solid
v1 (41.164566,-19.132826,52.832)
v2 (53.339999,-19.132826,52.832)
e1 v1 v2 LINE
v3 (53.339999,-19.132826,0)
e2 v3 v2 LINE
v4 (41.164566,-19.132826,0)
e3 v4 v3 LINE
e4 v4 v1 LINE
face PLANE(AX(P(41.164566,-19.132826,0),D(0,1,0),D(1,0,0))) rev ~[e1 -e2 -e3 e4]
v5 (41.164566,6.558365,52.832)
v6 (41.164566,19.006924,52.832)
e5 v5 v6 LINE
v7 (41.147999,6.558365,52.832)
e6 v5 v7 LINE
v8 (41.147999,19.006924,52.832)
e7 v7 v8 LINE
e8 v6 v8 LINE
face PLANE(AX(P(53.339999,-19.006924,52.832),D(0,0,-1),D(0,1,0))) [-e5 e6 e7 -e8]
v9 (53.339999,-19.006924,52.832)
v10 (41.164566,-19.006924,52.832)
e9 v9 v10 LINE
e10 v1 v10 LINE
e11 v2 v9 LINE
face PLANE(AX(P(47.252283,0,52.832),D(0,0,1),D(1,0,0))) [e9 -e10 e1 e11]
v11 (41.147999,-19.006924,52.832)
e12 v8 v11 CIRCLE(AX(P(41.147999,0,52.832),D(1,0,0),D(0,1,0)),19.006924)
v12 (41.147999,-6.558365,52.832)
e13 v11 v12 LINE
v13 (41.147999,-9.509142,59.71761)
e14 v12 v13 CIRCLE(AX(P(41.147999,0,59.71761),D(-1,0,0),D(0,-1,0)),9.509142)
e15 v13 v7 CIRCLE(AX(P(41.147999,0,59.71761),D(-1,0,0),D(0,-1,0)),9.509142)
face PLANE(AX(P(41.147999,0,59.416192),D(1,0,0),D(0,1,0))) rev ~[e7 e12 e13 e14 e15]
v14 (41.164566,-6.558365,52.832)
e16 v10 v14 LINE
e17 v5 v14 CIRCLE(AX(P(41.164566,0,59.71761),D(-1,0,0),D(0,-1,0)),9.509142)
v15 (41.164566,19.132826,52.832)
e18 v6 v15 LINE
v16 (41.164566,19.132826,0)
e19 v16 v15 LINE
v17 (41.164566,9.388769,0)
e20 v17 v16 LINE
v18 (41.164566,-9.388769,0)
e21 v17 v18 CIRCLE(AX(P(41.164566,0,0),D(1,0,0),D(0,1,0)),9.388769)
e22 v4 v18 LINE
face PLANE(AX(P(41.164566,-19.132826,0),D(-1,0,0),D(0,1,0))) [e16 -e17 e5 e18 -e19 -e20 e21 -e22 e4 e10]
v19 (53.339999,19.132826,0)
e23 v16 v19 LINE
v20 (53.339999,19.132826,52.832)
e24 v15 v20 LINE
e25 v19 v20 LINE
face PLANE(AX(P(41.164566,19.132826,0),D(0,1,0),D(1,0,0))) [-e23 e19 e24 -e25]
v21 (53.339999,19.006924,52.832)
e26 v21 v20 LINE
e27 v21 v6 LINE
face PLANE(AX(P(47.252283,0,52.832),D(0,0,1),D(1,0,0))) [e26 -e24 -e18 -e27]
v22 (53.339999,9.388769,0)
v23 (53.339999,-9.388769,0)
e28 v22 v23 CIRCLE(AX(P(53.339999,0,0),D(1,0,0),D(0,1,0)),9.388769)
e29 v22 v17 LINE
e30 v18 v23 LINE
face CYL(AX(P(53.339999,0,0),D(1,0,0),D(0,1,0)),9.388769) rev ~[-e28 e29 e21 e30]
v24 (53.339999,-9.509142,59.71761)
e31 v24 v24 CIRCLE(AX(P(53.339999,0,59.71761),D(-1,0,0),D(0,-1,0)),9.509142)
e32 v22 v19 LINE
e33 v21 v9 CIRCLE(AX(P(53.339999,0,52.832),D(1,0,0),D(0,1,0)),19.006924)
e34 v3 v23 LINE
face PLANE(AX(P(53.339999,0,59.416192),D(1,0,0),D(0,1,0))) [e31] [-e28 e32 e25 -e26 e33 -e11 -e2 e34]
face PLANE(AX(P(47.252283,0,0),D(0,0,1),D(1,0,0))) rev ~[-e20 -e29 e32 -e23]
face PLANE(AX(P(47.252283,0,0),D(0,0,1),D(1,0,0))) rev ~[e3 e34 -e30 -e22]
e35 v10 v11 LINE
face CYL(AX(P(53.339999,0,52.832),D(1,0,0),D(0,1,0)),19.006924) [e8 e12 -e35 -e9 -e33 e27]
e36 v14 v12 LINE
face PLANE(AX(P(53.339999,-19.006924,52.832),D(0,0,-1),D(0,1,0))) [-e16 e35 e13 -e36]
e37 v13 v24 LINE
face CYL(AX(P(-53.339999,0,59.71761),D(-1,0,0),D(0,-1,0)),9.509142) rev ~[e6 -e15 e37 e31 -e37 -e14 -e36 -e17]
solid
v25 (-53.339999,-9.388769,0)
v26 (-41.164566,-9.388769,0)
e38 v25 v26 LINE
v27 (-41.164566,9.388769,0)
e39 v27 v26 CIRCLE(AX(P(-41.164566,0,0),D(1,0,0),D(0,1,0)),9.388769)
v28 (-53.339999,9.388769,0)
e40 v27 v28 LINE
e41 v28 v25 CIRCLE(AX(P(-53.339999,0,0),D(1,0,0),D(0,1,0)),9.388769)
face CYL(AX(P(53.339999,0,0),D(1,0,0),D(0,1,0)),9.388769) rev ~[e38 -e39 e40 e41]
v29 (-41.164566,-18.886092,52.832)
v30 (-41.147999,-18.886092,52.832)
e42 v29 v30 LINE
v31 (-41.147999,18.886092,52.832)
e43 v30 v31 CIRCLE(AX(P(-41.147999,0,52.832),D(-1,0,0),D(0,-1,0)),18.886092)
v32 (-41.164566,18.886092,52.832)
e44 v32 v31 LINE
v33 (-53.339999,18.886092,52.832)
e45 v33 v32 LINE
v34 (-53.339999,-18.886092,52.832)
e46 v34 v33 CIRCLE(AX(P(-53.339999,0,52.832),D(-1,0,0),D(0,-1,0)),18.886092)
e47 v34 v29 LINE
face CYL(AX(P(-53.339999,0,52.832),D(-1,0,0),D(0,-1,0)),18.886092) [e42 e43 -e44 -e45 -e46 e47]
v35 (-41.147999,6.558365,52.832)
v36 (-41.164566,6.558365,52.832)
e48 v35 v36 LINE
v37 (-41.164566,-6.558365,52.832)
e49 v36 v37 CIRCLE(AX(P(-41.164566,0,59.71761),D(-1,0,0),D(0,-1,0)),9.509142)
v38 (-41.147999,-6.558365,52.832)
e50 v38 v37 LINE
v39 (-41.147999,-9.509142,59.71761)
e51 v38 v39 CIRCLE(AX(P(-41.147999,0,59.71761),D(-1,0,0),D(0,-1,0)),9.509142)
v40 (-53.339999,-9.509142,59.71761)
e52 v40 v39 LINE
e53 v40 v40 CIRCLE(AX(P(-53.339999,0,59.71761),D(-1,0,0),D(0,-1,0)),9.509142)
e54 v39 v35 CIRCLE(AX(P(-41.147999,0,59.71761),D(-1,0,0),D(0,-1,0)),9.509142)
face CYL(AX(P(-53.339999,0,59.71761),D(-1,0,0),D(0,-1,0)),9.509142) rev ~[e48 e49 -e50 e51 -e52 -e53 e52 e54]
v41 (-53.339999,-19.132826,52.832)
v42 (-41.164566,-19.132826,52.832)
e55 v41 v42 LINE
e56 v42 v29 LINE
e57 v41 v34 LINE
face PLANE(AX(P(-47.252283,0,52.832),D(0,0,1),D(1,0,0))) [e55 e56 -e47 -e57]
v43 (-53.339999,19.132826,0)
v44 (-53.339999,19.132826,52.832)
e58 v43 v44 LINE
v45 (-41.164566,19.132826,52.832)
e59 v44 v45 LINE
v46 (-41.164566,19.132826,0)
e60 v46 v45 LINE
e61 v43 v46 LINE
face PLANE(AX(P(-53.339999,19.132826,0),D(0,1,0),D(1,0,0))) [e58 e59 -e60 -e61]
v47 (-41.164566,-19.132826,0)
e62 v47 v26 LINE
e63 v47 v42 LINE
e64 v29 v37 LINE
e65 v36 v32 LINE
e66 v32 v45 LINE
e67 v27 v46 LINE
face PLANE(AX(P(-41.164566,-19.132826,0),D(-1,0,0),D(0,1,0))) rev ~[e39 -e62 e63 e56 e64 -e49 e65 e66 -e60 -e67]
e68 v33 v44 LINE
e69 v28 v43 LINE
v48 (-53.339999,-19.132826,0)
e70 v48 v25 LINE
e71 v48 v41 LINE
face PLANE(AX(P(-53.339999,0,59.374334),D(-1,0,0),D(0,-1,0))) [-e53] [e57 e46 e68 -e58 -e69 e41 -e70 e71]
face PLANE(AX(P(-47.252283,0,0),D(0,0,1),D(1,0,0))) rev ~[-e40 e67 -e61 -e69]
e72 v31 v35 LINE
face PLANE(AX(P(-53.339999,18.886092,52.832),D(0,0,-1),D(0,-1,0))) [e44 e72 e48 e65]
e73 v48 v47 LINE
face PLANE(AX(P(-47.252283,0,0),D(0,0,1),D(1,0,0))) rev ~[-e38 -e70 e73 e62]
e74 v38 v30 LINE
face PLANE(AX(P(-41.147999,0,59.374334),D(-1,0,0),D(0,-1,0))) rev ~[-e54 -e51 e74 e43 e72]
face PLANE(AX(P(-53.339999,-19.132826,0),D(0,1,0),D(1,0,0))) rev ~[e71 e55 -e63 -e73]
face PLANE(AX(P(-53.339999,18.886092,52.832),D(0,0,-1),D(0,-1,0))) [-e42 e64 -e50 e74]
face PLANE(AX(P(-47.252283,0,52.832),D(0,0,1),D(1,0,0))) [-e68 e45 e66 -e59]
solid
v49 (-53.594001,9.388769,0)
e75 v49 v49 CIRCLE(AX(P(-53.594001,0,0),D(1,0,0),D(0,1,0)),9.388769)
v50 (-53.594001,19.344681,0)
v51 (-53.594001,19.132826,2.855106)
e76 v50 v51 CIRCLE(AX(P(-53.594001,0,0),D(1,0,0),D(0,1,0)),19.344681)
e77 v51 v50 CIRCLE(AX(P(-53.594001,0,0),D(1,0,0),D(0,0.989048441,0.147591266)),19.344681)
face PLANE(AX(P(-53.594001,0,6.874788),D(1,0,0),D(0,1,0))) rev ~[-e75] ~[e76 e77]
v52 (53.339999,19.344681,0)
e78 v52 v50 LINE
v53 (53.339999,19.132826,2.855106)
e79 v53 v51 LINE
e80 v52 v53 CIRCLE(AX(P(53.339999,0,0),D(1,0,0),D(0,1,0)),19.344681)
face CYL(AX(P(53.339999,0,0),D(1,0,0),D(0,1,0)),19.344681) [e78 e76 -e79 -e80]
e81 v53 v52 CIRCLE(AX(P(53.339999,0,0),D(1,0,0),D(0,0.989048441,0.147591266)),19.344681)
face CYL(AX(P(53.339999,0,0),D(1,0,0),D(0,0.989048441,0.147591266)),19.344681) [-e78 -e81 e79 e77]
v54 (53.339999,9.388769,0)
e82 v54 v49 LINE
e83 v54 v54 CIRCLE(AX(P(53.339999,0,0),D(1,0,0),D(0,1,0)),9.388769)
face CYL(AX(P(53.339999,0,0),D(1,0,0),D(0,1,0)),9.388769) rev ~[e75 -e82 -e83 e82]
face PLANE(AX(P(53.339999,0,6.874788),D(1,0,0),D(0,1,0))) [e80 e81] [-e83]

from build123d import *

# Parameters (mm, degrees)
F0_W      = 12.1754333377
F0_H      = 38.2656529546
F1_DEPTH  = 52.832
F3_DEPTH  = 106.934
F5_DEPTH  = 12.192
F7_DEPTH  = 12.192
F8_R      = 9.5091420737
F9_DEPTH  = 119.126
F10_R     = 9.3887688186
F11_DEPTH = 106.935


with BuildPart() as f1:
    # F0 (on Top) → F1 (new body)
    with BuildSketch(Plane.XY):
        with Locations((47.2522825003, 0)):
            Rectangle(F0_W, F0_H)
    extrude(amount=F1_DEPTH)

    # F6 (on face) → F7 (join)
    with BuildSketch(Plane.YZ.offset(53.3399991691)):
        with BuildLine():
            Line((-19.0069244171, 52.832), (19.0069244171, 52.832))
            ThreePointArc((19.0069244171, 52.832), (0, 71.8389244171), (-19.0069244171, 52.832))
        make_face()
    extrude(amount=-F7_DEPTH)


with BuildPart() as f1b:
    # F0 (on Top) → F1, piece 2 (new body)
    with BuildSketch(Plane.XY):
        with Locations((-47.2522825003, 0)):
            Rectangle(F0_W, F0_H)
    extrude(amount=F1_DEPTH)

    # F4 (on face) → F5 (join)
    with BuildSketch(Plane(origin=(-53.3399991691, 0, 0), x_dir=(0, -1, 0), z_dir=(-1, 0, 0))):
        with BuildLine():
            Line((-18.8860917194, 52.832), (18.8860917194, 52.832))
            ThreePointArc((18.8860917194, 52.832), (0, 71.7180917194), (-18.8860917194, 52.832))
        make_face()
    extrude(amount=-F5_DEPTH)


with BuildPart() as f3:
    # F2 (on face) → F3 (new body)
    with BuildSketch(Plane.YZ.offset(53.3399991691)):
        with BuildLine():
            Line((19.1328264773, 0), (19.1328264773, 2.8551059379))
            ThreePointArc((19.1328264773, 2.8551059379), (0, 19.3446808949), (-19.1328264773, 2.8551059379))
            Line((-19.1328264773, 2.8551059379), (-19.1328264773, 0))
            Line((-19.1328264773, 0), (19.1328264773, 0))
        make_face()
        with BuildLine():
            ThreePointArc((-19.1328264773, 2.8551059379), (-1.4314775767, -19.2916445871), (19.3446808949, 0))
            ThreePointArc((19.3446808949, 0), (19.2916445871, 1.4314775767), (19.1328264773, 2.8551059379))
            Line((19.1328264773, 2.8551059379), (19.1328264773, 0))
            Line((19.1328264773, 0), (-19.1328264773, 0))
            Line((-19.1328264773, 0), (-19.1328264773, 2.8551059379))
        make_face()
    extrude(amount=-F3_DEPTH)


with BuildPart() as f9_tool:
    # F8 (on face) → F9 (new body)
    with BuildSketch(Plane(origin=(-53.3399991691, 0, 0), x_dir=(0, -1, 0), z_dir=(-1, 0, 0))):
        with Locations((0, 59.7176104784)):
            Circle(F8_R)
    extrude(amount=-F9_DEPTH)


with BuildPart() as f1_1:
    add(f1.part)

    # F9: cut by f9_tool
    add(f9_tool.part, mode=Mode.SUBTRACT)


with BuildPart() as f1b_1:
    add(f1b.part)

    # F9: cut by f9_tool
    add(f9_tool.part, mode=Mode.SUBTRACT)


with BuildPart() as f11_tool:
    # F10 (on face) → F11 (new body, through all)
    with BuildSketch(Plane.YZ.offset(53.3399991691)):
        Circle(F10_R)
    extrude(amount=-F11_DEPTH)


with BuildPart() as f1_2:
    add(f1_1.part)

    # F11: cut by f11_tool
    add(f11_tool.part, mode=Mode.SUBTRACT)


with BuildPart() as f1b_2:
    add(f1b_1.part)

    # F11: cut by f11_tool
    add(f11_tool.part, mode=Mode.SUBTRACT)


with BuildPart() as f3_1:
    add(f3.part)

    # F11: cut by f11_tool
    add(f11_tool.part, mode=Mode.SUBTRACT)


solid = Compound([f1_2.part, f1b_2.part, f3_1.part])
